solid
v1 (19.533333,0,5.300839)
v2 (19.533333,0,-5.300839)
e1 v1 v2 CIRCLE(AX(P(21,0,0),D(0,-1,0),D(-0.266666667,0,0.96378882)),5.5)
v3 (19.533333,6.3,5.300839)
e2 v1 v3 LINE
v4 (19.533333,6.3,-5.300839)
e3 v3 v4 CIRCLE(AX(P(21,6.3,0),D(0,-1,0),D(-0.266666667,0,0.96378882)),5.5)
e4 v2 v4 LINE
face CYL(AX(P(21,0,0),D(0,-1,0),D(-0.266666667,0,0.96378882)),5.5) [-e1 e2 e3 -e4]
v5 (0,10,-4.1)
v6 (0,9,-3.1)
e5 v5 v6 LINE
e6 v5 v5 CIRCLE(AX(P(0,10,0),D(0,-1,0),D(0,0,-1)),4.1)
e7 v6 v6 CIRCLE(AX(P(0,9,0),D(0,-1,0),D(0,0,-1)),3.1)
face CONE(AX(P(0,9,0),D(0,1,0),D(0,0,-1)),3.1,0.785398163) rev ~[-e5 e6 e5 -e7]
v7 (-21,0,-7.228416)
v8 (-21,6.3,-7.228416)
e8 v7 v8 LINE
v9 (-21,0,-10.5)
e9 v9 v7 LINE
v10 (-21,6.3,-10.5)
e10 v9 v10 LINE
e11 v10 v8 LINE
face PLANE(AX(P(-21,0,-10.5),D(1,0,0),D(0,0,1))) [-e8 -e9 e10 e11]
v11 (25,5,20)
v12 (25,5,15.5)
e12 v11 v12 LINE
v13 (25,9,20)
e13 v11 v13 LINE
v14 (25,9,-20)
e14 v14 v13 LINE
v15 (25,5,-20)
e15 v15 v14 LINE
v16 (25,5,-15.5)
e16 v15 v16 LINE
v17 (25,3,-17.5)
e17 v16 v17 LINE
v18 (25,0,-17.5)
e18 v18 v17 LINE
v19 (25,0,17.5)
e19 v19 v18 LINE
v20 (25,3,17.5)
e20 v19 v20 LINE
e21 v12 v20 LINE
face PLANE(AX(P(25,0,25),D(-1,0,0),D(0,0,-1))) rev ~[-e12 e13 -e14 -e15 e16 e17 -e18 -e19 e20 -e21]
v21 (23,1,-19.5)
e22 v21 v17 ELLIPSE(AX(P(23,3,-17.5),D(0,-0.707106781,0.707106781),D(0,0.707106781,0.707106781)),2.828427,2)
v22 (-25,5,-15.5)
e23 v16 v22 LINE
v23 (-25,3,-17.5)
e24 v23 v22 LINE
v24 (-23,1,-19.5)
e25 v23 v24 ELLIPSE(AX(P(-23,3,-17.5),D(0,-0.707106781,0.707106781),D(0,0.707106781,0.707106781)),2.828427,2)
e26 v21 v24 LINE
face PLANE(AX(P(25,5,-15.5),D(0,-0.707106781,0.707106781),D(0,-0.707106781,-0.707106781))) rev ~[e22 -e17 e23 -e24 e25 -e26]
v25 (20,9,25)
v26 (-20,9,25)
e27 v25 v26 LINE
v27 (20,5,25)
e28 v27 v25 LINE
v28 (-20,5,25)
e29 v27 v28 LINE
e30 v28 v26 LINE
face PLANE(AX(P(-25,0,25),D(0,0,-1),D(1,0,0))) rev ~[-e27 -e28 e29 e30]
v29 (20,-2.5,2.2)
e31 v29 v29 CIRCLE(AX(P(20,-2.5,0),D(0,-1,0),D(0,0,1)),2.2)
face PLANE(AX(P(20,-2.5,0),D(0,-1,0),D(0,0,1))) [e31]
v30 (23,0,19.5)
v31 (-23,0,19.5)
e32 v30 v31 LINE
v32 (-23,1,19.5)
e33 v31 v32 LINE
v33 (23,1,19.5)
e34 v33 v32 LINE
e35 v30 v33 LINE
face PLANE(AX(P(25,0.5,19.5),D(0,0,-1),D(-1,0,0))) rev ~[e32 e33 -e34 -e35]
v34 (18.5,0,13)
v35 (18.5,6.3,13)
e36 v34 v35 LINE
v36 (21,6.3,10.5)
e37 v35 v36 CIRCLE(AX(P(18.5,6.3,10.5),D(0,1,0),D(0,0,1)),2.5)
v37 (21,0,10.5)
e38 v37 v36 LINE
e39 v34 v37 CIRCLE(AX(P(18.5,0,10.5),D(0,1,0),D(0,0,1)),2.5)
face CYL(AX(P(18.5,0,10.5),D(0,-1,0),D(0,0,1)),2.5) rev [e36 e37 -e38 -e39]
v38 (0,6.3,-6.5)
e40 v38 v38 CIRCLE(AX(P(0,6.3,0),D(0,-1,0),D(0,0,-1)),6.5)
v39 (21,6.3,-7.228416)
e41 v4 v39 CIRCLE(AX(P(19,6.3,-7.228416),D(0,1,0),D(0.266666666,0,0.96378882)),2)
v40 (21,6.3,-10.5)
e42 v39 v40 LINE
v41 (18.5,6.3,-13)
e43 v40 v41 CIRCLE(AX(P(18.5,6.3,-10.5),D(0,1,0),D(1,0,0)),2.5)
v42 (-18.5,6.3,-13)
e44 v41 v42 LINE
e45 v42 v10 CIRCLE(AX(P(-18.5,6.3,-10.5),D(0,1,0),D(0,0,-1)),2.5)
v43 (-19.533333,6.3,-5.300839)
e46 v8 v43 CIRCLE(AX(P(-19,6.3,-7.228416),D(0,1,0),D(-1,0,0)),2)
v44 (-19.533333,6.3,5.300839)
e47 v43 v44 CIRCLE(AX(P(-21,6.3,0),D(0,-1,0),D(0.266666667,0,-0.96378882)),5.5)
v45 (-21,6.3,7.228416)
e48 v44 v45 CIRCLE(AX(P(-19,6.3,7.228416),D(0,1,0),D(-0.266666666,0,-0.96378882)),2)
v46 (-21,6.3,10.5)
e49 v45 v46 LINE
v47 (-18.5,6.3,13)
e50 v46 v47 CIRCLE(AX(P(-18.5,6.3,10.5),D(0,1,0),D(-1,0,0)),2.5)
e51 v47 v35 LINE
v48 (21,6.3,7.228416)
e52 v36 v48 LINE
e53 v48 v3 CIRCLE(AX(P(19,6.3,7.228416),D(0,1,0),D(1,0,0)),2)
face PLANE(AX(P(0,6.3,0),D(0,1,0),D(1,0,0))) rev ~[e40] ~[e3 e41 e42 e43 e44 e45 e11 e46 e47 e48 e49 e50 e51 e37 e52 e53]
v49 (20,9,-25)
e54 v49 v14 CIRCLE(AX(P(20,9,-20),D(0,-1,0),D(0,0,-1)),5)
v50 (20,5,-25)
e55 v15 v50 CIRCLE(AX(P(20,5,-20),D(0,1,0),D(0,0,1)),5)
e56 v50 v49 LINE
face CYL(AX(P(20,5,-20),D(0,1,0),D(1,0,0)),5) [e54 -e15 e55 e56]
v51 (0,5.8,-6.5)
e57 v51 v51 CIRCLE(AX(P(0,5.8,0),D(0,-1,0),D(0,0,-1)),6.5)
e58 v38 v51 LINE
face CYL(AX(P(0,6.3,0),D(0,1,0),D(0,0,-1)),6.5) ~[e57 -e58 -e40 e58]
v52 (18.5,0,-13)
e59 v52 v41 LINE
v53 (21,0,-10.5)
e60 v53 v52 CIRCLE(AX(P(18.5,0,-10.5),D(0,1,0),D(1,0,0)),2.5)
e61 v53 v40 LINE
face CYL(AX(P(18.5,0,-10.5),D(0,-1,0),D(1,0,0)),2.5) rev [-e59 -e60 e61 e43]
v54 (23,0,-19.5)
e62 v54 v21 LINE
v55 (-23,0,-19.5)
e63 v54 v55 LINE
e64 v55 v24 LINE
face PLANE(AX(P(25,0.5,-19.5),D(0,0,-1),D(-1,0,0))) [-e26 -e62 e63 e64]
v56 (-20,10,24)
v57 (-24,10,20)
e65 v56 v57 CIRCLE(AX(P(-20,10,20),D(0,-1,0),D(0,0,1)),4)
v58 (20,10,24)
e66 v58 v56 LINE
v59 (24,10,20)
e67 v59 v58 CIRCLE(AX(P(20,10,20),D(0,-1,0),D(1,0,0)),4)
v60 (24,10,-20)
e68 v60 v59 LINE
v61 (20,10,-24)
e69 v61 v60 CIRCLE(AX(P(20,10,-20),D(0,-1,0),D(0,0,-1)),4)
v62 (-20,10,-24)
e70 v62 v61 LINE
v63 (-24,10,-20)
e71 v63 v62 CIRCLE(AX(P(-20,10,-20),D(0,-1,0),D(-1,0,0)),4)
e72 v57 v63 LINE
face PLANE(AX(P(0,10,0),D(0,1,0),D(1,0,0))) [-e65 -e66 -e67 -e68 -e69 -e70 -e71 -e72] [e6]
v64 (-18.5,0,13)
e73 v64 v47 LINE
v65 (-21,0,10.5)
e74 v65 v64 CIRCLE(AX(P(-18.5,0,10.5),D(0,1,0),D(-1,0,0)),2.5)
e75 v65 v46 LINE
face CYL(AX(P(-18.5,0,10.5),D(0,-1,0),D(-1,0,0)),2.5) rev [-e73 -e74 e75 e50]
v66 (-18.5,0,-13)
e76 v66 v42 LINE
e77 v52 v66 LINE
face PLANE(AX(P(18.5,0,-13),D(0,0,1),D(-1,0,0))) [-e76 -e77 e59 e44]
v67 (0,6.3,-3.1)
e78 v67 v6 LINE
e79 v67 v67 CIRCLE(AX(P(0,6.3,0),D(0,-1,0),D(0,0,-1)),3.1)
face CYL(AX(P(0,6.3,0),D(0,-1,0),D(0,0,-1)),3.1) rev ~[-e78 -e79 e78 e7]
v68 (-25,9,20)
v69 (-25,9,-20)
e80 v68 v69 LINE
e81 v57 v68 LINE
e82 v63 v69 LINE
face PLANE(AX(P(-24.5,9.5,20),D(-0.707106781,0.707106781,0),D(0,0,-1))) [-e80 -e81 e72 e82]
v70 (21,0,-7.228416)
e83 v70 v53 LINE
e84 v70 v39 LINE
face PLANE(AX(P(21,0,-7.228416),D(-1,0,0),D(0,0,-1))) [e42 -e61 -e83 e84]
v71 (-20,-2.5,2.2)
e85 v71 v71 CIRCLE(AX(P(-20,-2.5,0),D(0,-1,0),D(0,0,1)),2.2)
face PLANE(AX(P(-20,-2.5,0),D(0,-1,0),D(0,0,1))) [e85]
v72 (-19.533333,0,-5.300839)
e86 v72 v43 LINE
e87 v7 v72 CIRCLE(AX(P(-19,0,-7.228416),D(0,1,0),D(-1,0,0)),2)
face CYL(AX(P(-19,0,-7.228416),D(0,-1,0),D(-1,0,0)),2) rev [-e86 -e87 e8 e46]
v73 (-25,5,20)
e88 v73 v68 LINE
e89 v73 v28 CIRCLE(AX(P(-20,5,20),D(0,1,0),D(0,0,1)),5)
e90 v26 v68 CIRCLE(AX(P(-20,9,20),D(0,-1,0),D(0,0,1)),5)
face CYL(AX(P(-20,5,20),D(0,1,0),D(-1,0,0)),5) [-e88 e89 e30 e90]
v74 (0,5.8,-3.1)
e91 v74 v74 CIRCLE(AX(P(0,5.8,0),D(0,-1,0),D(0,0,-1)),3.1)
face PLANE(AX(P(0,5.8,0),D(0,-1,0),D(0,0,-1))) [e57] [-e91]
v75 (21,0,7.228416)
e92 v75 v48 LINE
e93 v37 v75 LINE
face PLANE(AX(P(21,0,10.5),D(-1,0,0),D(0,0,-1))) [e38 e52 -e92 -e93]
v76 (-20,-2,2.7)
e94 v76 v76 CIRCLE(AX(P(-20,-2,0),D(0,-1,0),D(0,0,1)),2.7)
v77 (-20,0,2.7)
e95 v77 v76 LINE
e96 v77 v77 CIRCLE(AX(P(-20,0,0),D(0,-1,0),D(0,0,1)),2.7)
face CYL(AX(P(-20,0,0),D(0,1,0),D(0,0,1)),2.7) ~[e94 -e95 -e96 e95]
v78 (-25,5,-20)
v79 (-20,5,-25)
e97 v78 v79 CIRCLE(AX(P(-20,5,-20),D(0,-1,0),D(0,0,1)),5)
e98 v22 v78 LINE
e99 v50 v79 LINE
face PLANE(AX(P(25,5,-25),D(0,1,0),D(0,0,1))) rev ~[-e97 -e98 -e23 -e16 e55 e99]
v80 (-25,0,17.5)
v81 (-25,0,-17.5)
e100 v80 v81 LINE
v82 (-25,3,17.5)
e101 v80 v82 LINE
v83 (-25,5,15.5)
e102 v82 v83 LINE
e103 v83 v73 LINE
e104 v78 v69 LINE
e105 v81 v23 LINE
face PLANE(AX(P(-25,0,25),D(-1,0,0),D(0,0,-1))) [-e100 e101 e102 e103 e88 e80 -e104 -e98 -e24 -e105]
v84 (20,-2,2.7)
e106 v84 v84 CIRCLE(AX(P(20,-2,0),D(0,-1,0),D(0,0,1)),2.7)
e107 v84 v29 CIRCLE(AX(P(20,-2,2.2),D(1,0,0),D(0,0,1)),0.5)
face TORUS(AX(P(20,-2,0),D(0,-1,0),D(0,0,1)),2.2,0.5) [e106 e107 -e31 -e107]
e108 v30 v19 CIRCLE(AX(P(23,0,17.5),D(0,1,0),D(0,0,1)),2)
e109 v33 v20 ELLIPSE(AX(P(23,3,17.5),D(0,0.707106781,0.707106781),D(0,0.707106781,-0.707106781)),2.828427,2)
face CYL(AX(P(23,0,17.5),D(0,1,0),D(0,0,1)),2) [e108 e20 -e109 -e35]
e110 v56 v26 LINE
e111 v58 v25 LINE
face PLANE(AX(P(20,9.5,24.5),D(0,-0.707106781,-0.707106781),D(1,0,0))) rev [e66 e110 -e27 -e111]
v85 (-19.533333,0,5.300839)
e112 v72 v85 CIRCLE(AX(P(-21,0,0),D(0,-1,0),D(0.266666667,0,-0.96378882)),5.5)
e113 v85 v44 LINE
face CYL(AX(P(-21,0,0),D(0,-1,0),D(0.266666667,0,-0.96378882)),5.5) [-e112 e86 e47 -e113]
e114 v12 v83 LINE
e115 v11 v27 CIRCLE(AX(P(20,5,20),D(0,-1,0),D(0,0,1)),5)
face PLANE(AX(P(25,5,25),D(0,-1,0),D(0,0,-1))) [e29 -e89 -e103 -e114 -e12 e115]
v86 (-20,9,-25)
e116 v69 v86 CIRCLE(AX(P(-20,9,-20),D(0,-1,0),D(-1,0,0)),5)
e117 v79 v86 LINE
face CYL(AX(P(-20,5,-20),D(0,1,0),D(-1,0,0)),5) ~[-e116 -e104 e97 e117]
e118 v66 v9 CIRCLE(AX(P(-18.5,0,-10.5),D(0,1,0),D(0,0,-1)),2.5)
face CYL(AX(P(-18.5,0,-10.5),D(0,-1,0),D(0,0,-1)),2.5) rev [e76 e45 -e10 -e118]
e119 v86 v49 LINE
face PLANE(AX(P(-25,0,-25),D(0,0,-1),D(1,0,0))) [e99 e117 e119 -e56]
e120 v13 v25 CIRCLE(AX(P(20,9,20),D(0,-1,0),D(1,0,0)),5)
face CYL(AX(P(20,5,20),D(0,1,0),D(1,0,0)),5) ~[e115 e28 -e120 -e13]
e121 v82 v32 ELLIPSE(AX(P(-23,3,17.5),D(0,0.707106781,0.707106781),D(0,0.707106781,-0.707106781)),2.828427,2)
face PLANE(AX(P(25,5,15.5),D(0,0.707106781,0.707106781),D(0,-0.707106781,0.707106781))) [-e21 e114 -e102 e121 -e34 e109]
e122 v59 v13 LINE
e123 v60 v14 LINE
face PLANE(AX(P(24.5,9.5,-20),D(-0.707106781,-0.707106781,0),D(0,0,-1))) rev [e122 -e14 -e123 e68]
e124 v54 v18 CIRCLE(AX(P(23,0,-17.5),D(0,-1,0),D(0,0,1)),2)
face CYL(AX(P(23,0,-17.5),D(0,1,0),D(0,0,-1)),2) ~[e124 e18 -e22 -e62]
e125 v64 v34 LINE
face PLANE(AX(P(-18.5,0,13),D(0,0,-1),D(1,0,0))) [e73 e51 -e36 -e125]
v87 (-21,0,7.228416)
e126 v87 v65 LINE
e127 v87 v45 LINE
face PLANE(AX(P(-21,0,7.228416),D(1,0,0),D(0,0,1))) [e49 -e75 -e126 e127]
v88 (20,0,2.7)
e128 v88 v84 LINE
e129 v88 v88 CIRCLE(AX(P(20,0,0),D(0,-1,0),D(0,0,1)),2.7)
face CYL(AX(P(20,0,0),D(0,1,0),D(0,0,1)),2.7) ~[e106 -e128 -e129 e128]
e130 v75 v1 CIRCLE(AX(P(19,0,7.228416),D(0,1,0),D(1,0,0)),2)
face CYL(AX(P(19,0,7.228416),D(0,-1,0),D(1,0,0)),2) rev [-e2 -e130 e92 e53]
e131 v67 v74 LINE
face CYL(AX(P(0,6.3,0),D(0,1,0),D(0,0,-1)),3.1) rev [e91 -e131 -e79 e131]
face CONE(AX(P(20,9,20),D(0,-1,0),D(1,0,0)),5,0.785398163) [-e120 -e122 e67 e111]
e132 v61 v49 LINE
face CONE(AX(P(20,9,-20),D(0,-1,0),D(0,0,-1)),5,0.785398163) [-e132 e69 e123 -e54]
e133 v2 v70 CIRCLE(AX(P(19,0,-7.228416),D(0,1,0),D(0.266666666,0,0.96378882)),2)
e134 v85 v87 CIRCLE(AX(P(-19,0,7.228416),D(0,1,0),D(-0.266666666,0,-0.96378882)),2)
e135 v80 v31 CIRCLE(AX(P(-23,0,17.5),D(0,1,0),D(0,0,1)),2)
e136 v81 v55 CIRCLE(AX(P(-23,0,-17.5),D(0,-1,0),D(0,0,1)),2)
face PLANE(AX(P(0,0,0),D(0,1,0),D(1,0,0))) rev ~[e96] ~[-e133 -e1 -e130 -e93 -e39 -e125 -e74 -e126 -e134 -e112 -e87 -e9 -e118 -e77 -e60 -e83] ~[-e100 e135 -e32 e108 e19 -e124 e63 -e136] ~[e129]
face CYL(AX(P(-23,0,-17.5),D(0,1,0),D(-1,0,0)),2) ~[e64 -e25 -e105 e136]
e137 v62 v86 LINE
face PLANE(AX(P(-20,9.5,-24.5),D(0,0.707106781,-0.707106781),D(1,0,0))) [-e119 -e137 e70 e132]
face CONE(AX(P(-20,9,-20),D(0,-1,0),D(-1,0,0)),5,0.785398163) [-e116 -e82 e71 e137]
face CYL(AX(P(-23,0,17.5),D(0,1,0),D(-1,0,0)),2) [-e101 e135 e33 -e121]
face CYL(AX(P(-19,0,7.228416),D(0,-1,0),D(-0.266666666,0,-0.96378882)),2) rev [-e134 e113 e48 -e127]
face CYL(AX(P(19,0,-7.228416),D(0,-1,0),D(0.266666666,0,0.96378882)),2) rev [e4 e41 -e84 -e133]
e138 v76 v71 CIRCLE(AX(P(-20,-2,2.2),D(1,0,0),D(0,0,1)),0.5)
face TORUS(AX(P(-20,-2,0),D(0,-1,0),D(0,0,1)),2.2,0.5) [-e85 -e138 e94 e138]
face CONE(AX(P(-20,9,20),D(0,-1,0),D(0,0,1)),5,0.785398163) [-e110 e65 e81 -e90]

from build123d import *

# Parameters (mm, degrees)
SKETCH1_W           = 50
SKETCH1_H           = 50
BOSS_EXTRUDE1_DEPTH = 10
CUT_EXTRUDE3_DEPTH  = 6.3
SKETCH5_R           = 6.5
SKETCH5_R_2         = 3.1
BOSS_EXTRUDE2_DEPTH = 0.5
SKETCH6_R           = 2.7
BOSS_EXTRUDE3_DEPTH = 2.5
FILLET1_R           = 0.5
CUT_EXTRUDE4_DEPTH  = 57.789083458
FILLET2_R           = 5
CHAMFER1_SIZE       = 1
CHAMFER2_SIZE       = 1
CHAMFER2_SIZE2      = 1.414213562
FILLET3_R           = 2
SKETCH9_R           = 3.1
CUT_EXTRUDE5_DEPTH  = 37.434050008
CHAMFER3_SIZE       = 1


with BuildPart() as part:
    # Sketch1 → Boss-Extrude1 (new body)
    with BuildSketch(Plane(origin=(0, 0, 0), x_dir=(1, 0, 0), z_dir=(0, 1, 0))):
        Rectangle(SKETCH1_W, SKETCH1_H)
    extrude(amount=BOSS_EXTRUDE1_DEPTH)

    # Sketch4 → Cut-Extrude3 (cut)
    with BuildSketch(Plane(origin=(0, 0, 0), x_dir=(-1, 0, 0), z_dir=(0, -1, 0))):
        with BuildLine():
            Line((21, -7.228416147), (21, -10.5))
            ThreePointArc((21, -10.5), (20.267766953, -12.267766953), (18.5, -13))
            Line((18.5, -13), (-18.5, -13))
            ThreePointArc((-18.5, -13), (-20.267766953, -12.267766953), (-21, -10.5))
            Line((-21, -10.5), (-21, -7.228416147))
            ThreePointArc((-21, -7.228416147), (-20.591644852, -6.017356006), (-19.533333333, -5.300838508))
            ThreePointArc((-19.533333333, -5.300838508), (-15.5, 0), (-19.533333333, 5.300838508))
            ThreePointArc((-19.533333333, 5.300838508), (-20.591644852, 6.017356006), (-21, 7.228416147))
            Line((-21, 7.228416147), (-21, 10.5))
            ThreePointArc((-21, 10.5), (-20.267766953, 12.267766953), (-18.5, 13))
            Line((-18.5, 13), (18.5, 13))
            ThreePointArc((18.5, 13), (20.267766953, 12.267766953), (21, 10.5))
            Line((21, 10.5), (21, 7.228416147))
            ThreePointArc((21, 7.228416147), (20.591644852, 6.017356006), (19.533333333, 5.300838508))
            ThreePointArc((19.533333333, 5.300838508), (15.5, 0), (19.533333333, -5.300838508))
            ThreePointArc((19.533333333, -5.300838508), (20.591644852, -6.017356006), (21, -7.228416147))
        make_face()
    extrude(amount=-CUT_EXTRUDE3_DEPTH, mode=Mode.SUBTRACT)

    # Sketch5 → Boss-Extrude2 (add)
    with BuildSketch(Plane(origin=(0, 6.3, 0), x_dir=(-1, 0, 0), z_dir=(0, -1, 0))):
        with Locations(Location((0, 0, 0), (0, 0, 90))):
            Circle(SKETCH5_R)
        with Locations(Location((0, 0, 0), (0, 0, 90))):
            Circle(SKETCH5_R_2, mode=Mode.SUBTRACT)
    extrude(amount=BOSS_EXTRUDE2_DEPTH)

    # Sketch6 → Boss-Extrude3 (add)
    with BuildSketch(Plane.XZ):
        with Locations(Location((-20, 0, 0), (0, 0, 90))):
            Circle(SKETCH6_R)
        with Locations(Location((20, 0, 0), (0, 0, 90))):
            Circle(SKETCH6_R)
    extrude(amount=BOSS_EXTRUDE3_DEPTH)

    # Fillet1
    fillet1_edges = [part.edges().sort_by_distance(p)[0] for p in [
        (-20, -2.5, -2.7),
        (20, -2.5, -2.7),
    ]]
    fillet(fillet1_edges, radius=FILLET1_R)

    # Sketch8 → Cut-Extrude4 (cut, through all)
    with BuildSketch(Plane(origin=(25, 0, 0), x_dir=(0, 0, -1), z_dir=(1, 0, 0))):
        Polygon((-25, 0), (-25, 5), (-15.5, 5), (-20.5, 0), align=None)
        Polygon((25, 0), (25, 5), (15.5, 5), (20.5, 0), align=None)
    extrude(amount=-CUT_EXTRUDE4_DEPTH, mode=Mode.SUBTRACT)

    # Fillet2
    fillet2_edges = [part.edges().sort_by_distance(p)[0] for p in [
        (-25, 7.5, -25),
        (25, 7.5, -25),
        (25, 7.5, 25),
        (-25, 7.5, 25),
    ]]
    fillet(fillet2_edges, radius=FILLET2_R)

    # Chamfer1
    chamfer1_edges = [part.edges().sort_by_distance(p)[0] for p in [
        (0, 10, -25),
        (25, 10, 0),
        (-25, 10, 0),
        (0, 10, 25),
        (23.535533906, 10, 23.535533906),
        (-23.535533906, 10, 23.535533906),
        (-23.535533906, 10, -23.535533906),
        (23.535533906, 10, -23.535533906),
    ]]
    chamfer(chamfer1_edges, length=CHAMFER1_SIZE)

    # Chamfer2
    chamfer2_edges = [part.edges().sort_by_distance(p)[0] for p in [
        (0, 0, 20.5),
        (0, 0, -20.5),
    ]]
    chamfer2_side = [part.faces().sort_by_distance(p)[0] for p in [
        (24.353393474, 0, 0),
    ]]
    chamfer(chamfer2_edges, length=CHAMFER2_SIZE, length2=CHAMFER2_SIZE2, reference=chamfer2_side[0])

    # Fillet3
    fillet3_edges = [part.edges().sort_by_distance(p)[0] for p in [
        (25, 0.5, -19.5),
        (25, 0.5, 19.5),
        (-25, 0.5, -19.5),
        (-25, 0.5, 19.5),
    ]]
    fillet(fillet3_edges, radius=FILLET3_R)

    # Sketch9 → Cut-Extrude5 (cut, through all)
    with BuildSketch(Plane(origin=(0, 6.3, 0), x_dir=(-1, 0, 0), z_dir=(0, -1, 0))):
        with Locations(Location((0, 0, 0), (0, 0, 90))):
            Circle(SKETCH9_R)
    extrude(amount=-CUT_EXTRUDE5_DEPTH, mode=Mode.SUBTRACT)

    # Chamfer3
    chamfer3_edges = [part.edges().sort_by_distance(p)[0] for p in [
        (0, 10, 3.1),
    ]]
    chamfer(chamfer3_edges, length=CHAMFER3_SIZE)


solid = part.part
